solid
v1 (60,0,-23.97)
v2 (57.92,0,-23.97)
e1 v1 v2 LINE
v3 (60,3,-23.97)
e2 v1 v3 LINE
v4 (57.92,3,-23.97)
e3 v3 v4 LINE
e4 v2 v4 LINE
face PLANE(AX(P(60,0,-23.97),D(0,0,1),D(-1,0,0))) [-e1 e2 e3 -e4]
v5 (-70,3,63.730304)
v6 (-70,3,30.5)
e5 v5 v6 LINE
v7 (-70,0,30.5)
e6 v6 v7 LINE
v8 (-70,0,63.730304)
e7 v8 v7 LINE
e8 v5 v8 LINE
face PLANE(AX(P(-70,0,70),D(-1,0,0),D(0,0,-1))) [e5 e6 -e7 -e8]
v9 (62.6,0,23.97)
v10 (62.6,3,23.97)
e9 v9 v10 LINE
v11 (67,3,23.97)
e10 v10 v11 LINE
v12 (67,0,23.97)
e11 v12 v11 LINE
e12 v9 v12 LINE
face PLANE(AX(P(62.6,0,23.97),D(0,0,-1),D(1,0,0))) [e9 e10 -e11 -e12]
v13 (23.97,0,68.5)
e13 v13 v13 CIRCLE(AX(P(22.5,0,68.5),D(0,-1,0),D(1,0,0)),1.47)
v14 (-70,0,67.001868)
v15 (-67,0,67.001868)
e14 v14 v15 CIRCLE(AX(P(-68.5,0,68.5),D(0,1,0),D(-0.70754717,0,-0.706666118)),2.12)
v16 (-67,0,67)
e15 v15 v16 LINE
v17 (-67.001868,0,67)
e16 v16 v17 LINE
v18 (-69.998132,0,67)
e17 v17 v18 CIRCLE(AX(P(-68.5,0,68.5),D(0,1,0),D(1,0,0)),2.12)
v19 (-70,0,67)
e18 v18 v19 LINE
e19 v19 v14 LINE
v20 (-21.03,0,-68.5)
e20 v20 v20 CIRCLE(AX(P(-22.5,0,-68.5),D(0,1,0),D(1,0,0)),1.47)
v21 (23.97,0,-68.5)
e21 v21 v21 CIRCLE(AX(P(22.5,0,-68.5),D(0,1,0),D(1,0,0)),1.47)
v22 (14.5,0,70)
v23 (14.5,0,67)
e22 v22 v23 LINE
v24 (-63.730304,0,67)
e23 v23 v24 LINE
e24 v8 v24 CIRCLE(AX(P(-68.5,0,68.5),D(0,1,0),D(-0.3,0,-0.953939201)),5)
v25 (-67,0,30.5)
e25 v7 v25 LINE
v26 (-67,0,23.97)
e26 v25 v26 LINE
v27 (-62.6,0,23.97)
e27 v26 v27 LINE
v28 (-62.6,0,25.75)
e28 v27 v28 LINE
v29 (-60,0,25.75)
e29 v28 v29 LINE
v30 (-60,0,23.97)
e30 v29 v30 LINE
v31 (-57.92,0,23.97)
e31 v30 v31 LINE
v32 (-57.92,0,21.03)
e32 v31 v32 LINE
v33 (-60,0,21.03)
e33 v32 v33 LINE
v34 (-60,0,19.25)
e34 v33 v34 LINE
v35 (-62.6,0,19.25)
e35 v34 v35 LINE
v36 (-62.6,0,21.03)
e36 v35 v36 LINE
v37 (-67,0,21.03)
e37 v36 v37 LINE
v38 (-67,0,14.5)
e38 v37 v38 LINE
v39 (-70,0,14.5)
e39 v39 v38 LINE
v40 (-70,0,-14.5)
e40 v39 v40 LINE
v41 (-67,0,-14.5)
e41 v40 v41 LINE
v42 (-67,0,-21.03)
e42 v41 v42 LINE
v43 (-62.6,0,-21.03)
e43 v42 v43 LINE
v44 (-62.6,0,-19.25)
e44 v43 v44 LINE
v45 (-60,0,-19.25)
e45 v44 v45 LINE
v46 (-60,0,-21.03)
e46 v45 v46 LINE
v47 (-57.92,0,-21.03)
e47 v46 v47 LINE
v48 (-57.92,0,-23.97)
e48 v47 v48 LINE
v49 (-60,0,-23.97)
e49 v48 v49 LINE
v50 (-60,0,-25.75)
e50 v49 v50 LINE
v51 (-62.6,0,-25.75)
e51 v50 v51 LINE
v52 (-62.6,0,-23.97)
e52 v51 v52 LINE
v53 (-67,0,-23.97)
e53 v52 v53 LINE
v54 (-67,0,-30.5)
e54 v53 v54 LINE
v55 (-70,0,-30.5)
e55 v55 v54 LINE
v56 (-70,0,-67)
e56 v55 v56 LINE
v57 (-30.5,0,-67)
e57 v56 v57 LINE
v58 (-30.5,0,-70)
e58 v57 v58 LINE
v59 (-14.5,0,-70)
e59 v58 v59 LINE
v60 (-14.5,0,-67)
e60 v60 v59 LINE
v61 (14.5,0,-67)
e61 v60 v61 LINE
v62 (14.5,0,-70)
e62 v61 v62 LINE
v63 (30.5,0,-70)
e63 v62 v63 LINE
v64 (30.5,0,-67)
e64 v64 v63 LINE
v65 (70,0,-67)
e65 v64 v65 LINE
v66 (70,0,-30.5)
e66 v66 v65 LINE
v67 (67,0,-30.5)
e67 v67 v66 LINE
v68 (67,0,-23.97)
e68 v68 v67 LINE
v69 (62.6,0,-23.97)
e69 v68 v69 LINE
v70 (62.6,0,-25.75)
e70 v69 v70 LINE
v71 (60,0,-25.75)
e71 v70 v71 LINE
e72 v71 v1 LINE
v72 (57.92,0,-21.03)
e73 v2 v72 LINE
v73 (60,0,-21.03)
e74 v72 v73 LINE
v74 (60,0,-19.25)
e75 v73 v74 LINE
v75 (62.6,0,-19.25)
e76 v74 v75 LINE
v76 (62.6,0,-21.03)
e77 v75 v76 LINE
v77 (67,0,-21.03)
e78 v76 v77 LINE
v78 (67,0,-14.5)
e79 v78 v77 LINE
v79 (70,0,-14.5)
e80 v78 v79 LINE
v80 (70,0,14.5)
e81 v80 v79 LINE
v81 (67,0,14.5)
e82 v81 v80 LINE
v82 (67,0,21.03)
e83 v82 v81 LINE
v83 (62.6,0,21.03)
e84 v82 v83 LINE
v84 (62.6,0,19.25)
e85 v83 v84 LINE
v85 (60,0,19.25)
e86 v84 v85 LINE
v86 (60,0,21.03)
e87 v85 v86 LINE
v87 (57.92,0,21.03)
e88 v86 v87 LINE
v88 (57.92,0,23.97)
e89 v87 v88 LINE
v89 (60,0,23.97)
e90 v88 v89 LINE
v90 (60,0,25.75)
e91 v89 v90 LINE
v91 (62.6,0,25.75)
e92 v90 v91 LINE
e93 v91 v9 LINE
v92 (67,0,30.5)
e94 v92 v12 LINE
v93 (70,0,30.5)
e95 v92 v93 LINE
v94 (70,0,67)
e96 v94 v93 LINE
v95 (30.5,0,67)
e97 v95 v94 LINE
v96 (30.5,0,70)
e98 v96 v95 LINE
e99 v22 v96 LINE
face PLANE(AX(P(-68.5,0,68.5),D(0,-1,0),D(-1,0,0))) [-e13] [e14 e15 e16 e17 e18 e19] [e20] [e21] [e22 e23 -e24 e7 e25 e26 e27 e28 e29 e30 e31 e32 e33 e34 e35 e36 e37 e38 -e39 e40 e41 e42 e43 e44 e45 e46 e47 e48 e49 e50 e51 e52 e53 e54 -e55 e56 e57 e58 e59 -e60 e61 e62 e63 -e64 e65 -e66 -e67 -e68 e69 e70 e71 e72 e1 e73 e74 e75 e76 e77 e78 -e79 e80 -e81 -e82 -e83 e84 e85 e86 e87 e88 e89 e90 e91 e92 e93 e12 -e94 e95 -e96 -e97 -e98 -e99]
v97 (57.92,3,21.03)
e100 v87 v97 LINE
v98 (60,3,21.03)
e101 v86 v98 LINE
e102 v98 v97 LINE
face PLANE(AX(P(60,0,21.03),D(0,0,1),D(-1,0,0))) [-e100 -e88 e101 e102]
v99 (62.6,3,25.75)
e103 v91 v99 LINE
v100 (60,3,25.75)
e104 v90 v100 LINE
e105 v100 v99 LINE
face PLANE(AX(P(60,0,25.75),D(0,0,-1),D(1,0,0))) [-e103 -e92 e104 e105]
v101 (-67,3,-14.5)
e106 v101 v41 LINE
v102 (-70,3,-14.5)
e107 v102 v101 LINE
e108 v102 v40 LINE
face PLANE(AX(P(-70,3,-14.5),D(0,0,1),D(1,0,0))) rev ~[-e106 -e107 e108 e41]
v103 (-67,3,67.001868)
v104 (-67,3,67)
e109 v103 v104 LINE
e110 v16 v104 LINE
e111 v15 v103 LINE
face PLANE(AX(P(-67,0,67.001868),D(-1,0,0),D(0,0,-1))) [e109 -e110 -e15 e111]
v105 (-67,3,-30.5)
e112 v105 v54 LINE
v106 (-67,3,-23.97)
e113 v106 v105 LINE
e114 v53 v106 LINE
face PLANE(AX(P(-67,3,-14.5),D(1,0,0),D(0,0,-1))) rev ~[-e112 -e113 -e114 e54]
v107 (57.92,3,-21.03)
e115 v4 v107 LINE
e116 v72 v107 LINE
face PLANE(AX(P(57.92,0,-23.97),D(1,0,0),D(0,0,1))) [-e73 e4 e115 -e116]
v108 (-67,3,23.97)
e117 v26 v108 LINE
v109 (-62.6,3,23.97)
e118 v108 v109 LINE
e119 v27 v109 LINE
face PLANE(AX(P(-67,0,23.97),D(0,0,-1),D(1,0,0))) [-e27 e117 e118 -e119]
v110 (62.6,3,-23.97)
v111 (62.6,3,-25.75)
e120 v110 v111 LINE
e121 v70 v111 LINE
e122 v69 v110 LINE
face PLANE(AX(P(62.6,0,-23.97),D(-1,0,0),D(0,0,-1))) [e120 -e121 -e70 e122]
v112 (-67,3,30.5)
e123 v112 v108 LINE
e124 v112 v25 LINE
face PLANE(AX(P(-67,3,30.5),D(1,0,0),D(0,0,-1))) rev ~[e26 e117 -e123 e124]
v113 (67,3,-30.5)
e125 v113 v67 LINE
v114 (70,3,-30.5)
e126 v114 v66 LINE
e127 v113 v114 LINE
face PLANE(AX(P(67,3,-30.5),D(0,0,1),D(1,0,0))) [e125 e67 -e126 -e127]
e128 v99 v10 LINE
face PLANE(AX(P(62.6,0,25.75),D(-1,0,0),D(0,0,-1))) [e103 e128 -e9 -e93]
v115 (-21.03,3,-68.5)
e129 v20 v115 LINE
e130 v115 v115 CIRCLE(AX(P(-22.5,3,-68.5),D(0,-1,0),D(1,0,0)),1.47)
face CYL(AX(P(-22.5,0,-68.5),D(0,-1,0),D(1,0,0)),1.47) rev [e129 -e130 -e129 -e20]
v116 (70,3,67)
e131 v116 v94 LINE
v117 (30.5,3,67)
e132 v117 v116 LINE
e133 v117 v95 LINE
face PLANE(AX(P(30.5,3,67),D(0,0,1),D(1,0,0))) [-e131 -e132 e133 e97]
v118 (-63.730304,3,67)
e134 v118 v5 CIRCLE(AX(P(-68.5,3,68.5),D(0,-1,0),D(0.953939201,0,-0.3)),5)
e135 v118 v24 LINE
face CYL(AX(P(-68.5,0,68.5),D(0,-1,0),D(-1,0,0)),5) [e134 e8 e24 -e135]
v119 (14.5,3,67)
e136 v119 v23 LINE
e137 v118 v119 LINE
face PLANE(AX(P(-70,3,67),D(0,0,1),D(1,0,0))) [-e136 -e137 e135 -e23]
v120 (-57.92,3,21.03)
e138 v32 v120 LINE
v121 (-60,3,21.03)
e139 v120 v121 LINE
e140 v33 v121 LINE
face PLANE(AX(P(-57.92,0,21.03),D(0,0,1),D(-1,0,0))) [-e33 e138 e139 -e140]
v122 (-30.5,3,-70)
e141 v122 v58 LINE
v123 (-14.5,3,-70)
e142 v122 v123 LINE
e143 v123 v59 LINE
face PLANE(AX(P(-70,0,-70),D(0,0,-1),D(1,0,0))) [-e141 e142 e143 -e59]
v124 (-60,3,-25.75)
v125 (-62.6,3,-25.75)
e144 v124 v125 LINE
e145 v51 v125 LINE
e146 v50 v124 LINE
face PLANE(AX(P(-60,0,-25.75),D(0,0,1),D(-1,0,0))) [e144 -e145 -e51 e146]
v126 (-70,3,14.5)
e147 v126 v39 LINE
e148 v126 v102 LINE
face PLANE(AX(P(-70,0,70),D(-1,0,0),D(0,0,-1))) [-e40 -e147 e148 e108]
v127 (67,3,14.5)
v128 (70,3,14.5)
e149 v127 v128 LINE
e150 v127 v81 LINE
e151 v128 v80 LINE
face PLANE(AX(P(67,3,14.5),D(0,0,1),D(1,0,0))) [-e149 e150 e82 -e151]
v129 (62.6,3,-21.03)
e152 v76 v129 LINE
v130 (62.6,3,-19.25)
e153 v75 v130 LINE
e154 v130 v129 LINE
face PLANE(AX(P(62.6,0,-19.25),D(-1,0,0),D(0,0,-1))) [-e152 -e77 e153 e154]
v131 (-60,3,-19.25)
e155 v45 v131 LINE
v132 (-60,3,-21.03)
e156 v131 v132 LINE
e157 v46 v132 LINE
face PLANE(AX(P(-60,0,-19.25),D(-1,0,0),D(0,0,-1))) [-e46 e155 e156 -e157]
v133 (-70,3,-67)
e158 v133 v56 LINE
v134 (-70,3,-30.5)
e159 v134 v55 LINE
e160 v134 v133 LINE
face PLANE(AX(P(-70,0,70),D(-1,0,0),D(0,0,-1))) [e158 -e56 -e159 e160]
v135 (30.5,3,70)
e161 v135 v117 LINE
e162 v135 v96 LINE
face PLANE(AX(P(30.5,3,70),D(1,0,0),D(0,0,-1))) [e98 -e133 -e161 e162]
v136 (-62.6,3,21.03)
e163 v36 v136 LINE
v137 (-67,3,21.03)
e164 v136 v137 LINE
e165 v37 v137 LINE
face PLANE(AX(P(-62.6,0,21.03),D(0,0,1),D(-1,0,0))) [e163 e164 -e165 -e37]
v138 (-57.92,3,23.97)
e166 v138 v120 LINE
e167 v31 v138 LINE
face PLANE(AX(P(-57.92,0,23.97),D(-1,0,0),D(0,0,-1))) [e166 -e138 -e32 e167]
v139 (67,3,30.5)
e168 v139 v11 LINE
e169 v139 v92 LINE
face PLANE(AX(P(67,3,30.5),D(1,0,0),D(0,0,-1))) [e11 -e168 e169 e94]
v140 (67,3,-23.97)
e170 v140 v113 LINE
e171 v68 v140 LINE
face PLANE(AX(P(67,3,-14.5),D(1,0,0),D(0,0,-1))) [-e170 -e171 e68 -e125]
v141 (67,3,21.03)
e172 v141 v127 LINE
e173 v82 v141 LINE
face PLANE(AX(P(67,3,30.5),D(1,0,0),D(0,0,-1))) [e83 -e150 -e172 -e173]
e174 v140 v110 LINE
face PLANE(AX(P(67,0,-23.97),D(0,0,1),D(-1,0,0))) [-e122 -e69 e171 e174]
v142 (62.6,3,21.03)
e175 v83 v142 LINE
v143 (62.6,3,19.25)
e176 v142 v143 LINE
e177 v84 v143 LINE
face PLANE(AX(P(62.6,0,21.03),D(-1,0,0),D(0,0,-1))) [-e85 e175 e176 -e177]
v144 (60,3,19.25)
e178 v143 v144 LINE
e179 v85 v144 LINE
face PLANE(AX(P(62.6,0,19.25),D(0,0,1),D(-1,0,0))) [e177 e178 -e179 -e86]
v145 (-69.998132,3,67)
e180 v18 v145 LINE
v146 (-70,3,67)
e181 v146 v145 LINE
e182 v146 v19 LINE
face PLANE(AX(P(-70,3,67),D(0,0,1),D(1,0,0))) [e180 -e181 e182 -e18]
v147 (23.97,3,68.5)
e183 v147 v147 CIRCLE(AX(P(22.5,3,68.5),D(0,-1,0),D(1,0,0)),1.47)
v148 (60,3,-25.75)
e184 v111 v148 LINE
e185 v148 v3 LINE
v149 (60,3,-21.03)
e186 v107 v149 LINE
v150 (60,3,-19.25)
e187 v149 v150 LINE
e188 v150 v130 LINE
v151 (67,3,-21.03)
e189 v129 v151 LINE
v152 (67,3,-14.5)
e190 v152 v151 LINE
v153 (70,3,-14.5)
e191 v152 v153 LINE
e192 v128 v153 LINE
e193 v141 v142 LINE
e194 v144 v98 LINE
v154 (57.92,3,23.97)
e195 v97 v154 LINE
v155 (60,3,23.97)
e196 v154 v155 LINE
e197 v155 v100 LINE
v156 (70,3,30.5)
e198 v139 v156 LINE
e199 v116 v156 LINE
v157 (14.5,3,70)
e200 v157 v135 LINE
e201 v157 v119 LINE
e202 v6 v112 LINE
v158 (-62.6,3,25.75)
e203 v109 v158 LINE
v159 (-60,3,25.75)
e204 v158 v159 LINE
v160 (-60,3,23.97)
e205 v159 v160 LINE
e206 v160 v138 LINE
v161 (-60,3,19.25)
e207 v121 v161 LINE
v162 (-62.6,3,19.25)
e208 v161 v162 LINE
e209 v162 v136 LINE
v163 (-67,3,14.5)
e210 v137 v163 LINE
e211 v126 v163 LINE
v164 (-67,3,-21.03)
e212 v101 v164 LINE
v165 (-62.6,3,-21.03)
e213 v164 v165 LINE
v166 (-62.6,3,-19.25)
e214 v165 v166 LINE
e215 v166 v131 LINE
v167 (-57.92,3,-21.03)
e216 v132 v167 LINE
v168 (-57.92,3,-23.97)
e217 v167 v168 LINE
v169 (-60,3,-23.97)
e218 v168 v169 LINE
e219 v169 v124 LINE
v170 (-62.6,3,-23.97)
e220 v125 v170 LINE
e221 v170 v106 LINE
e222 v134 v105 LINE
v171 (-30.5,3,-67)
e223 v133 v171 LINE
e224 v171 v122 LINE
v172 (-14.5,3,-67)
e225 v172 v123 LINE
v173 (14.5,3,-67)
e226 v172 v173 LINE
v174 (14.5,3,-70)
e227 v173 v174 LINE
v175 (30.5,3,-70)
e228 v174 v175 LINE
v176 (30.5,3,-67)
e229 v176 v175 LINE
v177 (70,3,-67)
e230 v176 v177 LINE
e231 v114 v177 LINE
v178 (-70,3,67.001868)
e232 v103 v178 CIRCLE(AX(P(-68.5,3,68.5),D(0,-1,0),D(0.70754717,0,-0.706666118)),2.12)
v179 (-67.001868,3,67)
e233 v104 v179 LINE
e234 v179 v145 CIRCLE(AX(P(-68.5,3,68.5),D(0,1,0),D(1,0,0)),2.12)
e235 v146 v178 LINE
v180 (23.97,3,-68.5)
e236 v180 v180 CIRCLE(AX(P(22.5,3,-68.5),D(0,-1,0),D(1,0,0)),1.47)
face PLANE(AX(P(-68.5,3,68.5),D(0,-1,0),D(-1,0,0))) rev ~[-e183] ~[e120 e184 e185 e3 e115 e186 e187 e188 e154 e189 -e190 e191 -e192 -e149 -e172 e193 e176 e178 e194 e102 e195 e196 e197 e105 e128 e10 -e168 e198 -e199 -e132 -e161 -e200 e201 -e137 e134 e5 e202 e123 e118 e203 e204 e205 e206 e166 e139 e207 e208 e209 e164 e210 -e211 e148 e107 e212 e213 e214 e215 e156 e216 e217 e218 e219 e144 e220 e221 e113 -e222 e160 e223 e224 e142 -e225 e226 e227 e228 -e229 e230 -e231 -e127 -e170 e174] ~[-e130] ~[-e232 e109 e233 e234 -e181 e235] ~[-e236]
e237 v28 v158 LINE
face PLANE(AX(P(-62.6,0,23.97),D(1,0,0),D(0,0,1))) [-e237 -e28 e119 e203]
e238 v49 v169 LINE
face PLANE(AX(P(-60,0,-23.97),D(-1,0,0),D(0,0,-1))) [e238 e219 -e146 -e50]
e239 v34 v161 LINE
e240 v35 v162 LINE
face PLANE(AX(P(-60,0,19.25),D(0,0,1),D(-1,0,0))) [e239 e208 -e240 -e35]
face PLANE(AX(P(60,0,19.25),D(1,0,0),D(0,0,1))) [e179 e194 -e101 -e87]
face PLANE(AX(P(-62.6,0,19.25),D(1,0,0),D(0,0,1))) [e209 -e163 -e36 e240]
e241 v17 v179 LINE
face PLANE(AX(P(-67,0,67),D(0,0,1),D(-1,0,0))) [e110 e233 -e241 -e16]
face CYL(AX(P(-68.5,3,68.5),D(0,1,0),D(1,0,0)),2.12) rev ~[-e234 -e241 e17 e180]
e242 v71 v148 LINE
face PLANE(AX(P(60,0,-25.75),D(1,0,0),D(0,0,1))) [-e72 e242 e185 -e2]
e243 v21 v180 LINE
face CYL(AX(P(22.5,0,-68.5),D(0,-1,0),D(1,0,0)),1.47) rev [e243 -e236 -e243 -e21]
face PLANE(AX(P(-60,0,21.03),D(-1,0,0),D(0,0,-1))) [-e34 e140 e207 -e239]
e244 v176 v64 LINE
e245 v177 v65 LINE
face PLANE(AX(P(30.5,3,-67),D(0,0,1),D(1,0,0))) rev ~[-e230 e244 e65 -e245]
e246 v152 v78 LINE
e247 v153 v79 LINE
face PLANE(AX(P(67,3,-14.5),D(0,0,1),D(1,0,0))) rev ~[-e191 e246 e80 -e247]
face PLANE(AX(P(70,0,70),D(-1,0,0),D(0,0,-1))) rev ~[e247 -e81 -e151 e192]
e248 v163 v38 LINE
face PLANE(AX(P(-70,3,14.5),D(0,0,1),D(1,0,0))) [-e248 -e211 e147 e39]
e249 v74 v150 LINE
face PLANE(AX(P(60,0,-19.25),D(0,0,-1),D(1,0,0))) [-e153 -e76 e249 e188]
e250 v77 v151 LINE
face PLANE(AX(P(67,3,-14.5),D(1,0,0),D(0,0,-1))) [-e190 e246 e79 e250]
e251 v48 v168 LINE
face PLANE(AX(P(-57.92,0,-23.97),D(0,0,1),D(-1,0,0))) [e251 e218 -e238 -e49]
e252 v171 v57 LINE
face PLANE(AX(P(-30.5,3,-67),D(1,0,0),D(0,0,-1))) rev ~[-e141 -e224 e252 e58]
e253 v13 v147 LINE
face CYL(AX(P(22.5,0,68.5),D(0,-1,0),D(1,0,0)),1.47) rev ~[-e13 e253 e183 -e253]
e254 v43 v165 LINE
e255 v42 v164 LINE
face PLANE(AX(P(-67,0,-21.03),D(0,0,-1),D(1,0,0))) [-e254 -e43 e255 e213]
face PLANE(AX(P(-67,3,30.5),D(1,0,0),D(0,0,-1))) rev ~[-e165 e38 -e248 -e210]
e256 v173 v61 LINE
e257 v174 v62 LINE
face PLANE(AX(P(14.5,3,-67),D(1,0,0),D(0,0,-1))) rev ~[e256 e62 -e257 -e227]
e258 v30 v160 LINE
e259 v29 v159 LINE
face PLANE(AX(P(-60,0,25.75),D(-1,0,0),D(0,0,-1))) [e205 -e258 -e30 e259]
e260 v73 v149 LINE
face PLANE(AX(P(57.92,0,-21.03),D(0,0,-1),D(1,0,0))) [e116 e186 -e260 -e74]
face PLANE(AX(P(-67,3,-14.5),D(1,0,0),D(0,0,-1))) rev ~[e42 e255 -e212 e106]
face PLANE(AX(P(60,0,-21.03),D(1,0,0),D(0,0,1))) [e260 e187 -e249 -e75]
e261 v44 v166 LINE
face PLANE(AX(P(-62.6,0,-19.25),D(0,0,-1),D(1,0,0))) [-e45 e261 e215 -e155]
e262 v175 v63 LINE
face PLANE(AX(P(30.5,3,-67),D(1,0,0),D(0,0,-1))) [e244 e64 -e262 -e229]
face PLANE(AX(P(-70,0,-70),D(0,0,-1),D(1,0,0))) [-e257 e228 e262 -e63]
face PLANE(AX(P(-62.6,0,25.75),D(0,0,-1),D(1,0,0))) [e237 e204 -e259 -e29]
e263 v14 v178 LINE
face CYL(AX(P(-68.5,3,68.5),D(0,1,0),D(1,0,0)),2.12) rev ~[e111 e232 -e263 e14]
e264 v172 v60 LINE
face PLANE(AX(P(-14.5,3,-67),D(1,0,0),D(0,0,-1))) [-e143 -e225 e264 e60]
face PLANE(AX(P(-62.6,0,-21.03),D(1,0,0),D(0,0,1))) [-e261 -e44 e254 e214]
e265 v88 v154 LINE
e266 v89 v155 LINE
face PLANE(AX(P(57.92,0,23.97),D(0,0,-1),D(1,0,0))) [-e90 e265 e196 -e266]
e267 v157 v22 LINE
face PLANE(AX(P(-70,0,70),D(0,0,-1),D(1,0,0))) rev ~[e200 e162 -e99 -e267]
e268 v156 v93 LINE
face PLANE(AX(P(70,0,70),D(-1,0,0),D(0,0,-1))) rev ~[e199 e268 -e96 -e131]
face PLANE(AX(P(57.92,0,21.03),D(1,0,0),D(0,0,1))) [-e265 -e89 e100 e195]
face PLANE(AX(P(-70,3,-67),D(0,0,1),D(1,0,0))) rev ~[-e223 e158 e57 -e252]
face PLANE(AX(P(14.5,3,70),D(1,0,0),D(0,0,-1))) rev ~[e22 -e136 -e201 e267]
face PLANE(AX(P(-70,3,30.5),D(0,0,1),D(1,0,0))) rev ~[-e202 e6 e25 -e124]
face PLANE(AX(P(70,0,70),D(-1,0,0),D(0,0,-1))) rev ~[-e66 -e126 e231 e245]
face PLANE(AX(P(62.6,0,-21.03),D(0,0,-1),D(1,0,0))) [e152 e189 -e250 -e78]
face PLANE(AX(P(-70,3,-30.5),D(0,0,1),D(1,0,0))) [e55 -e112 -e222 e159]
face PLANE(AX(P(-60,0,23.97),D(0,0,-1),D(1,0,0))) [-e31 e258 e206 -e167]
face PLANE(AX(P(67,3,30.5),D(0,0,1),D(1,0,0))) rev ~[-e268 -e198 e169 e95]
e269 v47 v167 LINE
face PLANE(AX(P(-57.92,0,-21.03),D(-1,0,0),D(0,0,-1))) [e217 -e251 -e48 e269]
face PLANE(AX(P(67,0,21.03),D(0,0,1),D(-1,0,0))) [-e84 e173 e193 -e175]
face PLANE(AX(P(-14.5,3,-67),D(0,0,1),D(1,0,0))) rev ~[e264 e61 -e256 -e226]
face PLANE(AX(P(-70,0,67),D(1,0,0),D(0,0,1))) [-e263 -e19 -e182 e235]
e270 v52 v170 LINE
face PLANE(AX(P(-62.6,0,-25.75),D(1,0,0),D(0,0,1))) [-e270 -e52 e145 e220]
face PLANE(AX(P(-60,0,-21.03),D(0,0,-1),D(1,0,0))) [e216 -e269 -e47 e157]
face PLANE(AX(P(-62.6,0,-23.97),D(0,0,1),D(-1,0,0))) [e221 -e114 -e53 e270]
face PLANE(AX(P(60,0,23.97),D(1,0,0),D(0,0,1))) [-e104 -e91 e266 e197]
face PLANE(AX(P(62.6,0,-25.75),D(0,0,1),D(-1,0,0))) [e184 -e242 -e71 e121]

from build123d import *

# Parameters (mm, degrees)
SKETCH1_W           = 140
SKETCH1_H           = 140
BOSS_EXTRUDE1_DEPTH = 3
SKETCH2_W           = 39.5
SKETCH2_H           = 3
SKETCH2_W_2         = 29
CUT_EXTRUDE2_DEPTH  = 3
SKETCH4_W           = 3
SKETCH4_H           = 16
CUT_EXTRUDE3_DEPTH  = 3
SKETCH6_R           = 1.47
CUT_EXTRUDE4_DEPTH  = 4
CUT_EXTRUDE5_DEPTH  = 3
SKETCH8_W           = 16
SKETCH8_H           = 3
CUT_EXTRUDE6_DEPTH  = 3
SKETCH9_R           = 5
BOSS_EXTRUDE3_DEPTH = 3
SKETCH10_R          = 2.12
CUT_EXTRUDE7_DEPTH  = 3


with BuildPart() as part:
    # Sketch1 → Boss-Extrude1 (new body)
    with BuildSketch(Plane(origin=(0, 0, 0), x_dir=(1, 0, 0), z_dir=(0, 1, 0))):
        Rectangle(SKETCH1_W, SKETCH1_H)
    extrude(amount=BOSS_EXTRUDE1_DEPTH)

    # Sketch2 → Cut-Extrude2 (cut)
    with BuildSketch(Plane(origin=(0, 3, 0), x_dir=(1, 0, 0), z_dir=(0, 1, 0))):
        with Locations((-50.25, 68.5)):
            Rectangle(SKETCH2_W, SKETCH2_H)
        with Locations((-50.25, -68.5)):
            Rectangle(SKETCH2_W, SKETCH2_H)
        with Locations((50.25, -68.5)):
            Rectangle(SKETCH2_W, SKETCH2_H)
        with Locations((50.25, 68.5)):
            Rectangle(SKETCH2_W, SKETCH2_H)
        with Locations((0, 68.5)):
            Rectangle(SKETCH2_W_2, SKETCH2_H)
        with Locations((0, -68.5)):
            Rectangle(SKETCH2_W_2, SKETCH2_H)
    extrude(amount=-CUT_EXTRUDE2_DEPTH, mode=Mode.SUBTRACT)

    # Sketch4 → Cut-Extrude3 (cut)
    with BuildSketch(Plane(origin=(0, 3, 0), x_dir=(1, 0, 0), z_dir=(0, 1, 0))):
        with Locations((-68.5, 22.5)):
            Rectangle(SKETCH4_W, SKETCH4_H)
        with Locations((-68.5, -22.5)):
            Rectangle(SKETCH4_W, SKETCH4_H)
        with Locations((68.5, 22.5)):
            Rectangle(SKETCH4_W, SKETCH4_H)
        with Locations((68.5, -22.5)):
            Rectangle(SKETCH4_W, SKETCH4_H)
    extrude(amount=-CUT_EXTRUDE3_DEPTH, mode=Mode.SUBTRACT)

    # Sketch6 → Cut-Extrude4 (cut, through all)
    with BuildSketch(Plane.XZ):
        with Locations((-22.5, 68.5)):
            Circle(SKETCH6_R)
        with Locations((22.5, 68.5)):
            Circle(SKETCH6_R)
    cut_extrude4 = extrude(amount=-CUT_EXTRUDE4_DEPTH, mode=Mode.SUBTRACT)

    # Mirror1: Cut-Extrude4 across plane
    add(cut_extrude4.mirror(Plane.XY), mode=Mode.SUBTRACT)

    # Sketch7 → Cut-Extrude5 (cut)
    with BuildSketch(Plane(origin=(0, 0, 0), x_dir=(-1, 0, 0), z_dir=(0, -1, 0))):
        Polygon((67, -23.97), (62.6, -23.97), (62.6, -25.75), (60, -25.75), (60, -23.97), (57.92, -23.97), (57.92, -21.03), (60, -21.03), (60, -19.25), (62.6, -19.25), (62.6, -21.03), (67, -21.03), align=None)
        Polygon((-67, -23.97), (-67, -21.03), (-62.6, -21.03), (-62.6, -19.25), (-60, -19.25), (-60, -21.03), (-57.92, -21.03), (-57.92, -23.97), (-60, -23.97), (-60, -25.75), (-62.6, -25.75), (-62.6, -23.97), align=None)
        Polygon((-67, 23.97), (-62.6, 23.97), (-62.6, 25.75), (-60, 25.75), (-60, 23.97), (-57.92, 23.97), (-57.92, 21.03), (-60, 21.03), (-60, 19.25), (-62.6, 19.25), (-62.6, 21.03), (-67, 21.03), align=None)
        Polygon((67, 23.97), (67, 21.03), (62.6, 21.03), (62.6, 19.25), (60, 19.25), (60, 21.03), (57.92, 21.03), (57.92, 23.97), (60, 23.97), (60, 25.75), (62.6, 25.75), (62.6, 23.97), align=None)
    extrude(amount=-CUT_EXTRUDE5_DEPTH, mode=Mode.SUBTRACT)

    # Sketch8 → Cut-Extrude6 (cut)
    with BuildSketch(Plane(origin=(0, 0, 0), x_dir=(-1, 0, 0), z_dir=(0, -1, 0))):
        with Locations((22.5, -68.5)):
            Rectangle(SKETCH8_W, SKETCH8_H)
    extrude(amount=-CUT_EXTRUDE6_DEPTH, mode=Mode.SUBTRACT)

    # Sketch9 → Boss-Extrude3 (add)
    with BuildSketch(Plane(origin=(0, 0, 0), x_dir=(-1, 0, 0), z_dir=(0, -1, 0))):
        with Locations((68.5, -68.5)):
            Circle(SKETCH9_R)
        with BuildLine():
            ThreePointArc((67.00186783, -67), (67.000933624, -67.000933624), (67, -67.00186783))
            Line((67, -67.00186783), (67, -67))
            Line((67, -67), (67.00186783, -67))
        make_face(mode=Mode.SUBTRACT)
        with BuildLine():
            ThreePointArc((67.00186783, -67), (68.5, -66.38), (69.99813217, -67))
            Line((69.99813217, -67), (67.00186783, -67))
        make_face(mode=Mode.SUBTRACT)
        with BuildLine():
            Line((69.99813217, -67), (70, -67))
            Line((70, -67), (70, -67.00186783))
            ThreePointArc((70, -67.00186783), (69.999066376, -67.000933624), (69.99813217, -67))
        make_face(mode=Mode.SUBTRACT)
    extrude(amount=-BOSS_EXTRUDE3_DEPTH)

    # Sketch10 → Cut-Extrude7 (cut)
    with BuildSketch(Plane(origin=(0, 3, 0), x_dir=(1, 0, 0), z_dir=(0, 1, 0))):
        with Locations((-68.5, -68.5)):
            Circle(SKETCH10_R)
    extrude(amount=-CUT_EXTRUDE7_DEPTH, mode=Mode.SUBTRACT)


solid = part.part
